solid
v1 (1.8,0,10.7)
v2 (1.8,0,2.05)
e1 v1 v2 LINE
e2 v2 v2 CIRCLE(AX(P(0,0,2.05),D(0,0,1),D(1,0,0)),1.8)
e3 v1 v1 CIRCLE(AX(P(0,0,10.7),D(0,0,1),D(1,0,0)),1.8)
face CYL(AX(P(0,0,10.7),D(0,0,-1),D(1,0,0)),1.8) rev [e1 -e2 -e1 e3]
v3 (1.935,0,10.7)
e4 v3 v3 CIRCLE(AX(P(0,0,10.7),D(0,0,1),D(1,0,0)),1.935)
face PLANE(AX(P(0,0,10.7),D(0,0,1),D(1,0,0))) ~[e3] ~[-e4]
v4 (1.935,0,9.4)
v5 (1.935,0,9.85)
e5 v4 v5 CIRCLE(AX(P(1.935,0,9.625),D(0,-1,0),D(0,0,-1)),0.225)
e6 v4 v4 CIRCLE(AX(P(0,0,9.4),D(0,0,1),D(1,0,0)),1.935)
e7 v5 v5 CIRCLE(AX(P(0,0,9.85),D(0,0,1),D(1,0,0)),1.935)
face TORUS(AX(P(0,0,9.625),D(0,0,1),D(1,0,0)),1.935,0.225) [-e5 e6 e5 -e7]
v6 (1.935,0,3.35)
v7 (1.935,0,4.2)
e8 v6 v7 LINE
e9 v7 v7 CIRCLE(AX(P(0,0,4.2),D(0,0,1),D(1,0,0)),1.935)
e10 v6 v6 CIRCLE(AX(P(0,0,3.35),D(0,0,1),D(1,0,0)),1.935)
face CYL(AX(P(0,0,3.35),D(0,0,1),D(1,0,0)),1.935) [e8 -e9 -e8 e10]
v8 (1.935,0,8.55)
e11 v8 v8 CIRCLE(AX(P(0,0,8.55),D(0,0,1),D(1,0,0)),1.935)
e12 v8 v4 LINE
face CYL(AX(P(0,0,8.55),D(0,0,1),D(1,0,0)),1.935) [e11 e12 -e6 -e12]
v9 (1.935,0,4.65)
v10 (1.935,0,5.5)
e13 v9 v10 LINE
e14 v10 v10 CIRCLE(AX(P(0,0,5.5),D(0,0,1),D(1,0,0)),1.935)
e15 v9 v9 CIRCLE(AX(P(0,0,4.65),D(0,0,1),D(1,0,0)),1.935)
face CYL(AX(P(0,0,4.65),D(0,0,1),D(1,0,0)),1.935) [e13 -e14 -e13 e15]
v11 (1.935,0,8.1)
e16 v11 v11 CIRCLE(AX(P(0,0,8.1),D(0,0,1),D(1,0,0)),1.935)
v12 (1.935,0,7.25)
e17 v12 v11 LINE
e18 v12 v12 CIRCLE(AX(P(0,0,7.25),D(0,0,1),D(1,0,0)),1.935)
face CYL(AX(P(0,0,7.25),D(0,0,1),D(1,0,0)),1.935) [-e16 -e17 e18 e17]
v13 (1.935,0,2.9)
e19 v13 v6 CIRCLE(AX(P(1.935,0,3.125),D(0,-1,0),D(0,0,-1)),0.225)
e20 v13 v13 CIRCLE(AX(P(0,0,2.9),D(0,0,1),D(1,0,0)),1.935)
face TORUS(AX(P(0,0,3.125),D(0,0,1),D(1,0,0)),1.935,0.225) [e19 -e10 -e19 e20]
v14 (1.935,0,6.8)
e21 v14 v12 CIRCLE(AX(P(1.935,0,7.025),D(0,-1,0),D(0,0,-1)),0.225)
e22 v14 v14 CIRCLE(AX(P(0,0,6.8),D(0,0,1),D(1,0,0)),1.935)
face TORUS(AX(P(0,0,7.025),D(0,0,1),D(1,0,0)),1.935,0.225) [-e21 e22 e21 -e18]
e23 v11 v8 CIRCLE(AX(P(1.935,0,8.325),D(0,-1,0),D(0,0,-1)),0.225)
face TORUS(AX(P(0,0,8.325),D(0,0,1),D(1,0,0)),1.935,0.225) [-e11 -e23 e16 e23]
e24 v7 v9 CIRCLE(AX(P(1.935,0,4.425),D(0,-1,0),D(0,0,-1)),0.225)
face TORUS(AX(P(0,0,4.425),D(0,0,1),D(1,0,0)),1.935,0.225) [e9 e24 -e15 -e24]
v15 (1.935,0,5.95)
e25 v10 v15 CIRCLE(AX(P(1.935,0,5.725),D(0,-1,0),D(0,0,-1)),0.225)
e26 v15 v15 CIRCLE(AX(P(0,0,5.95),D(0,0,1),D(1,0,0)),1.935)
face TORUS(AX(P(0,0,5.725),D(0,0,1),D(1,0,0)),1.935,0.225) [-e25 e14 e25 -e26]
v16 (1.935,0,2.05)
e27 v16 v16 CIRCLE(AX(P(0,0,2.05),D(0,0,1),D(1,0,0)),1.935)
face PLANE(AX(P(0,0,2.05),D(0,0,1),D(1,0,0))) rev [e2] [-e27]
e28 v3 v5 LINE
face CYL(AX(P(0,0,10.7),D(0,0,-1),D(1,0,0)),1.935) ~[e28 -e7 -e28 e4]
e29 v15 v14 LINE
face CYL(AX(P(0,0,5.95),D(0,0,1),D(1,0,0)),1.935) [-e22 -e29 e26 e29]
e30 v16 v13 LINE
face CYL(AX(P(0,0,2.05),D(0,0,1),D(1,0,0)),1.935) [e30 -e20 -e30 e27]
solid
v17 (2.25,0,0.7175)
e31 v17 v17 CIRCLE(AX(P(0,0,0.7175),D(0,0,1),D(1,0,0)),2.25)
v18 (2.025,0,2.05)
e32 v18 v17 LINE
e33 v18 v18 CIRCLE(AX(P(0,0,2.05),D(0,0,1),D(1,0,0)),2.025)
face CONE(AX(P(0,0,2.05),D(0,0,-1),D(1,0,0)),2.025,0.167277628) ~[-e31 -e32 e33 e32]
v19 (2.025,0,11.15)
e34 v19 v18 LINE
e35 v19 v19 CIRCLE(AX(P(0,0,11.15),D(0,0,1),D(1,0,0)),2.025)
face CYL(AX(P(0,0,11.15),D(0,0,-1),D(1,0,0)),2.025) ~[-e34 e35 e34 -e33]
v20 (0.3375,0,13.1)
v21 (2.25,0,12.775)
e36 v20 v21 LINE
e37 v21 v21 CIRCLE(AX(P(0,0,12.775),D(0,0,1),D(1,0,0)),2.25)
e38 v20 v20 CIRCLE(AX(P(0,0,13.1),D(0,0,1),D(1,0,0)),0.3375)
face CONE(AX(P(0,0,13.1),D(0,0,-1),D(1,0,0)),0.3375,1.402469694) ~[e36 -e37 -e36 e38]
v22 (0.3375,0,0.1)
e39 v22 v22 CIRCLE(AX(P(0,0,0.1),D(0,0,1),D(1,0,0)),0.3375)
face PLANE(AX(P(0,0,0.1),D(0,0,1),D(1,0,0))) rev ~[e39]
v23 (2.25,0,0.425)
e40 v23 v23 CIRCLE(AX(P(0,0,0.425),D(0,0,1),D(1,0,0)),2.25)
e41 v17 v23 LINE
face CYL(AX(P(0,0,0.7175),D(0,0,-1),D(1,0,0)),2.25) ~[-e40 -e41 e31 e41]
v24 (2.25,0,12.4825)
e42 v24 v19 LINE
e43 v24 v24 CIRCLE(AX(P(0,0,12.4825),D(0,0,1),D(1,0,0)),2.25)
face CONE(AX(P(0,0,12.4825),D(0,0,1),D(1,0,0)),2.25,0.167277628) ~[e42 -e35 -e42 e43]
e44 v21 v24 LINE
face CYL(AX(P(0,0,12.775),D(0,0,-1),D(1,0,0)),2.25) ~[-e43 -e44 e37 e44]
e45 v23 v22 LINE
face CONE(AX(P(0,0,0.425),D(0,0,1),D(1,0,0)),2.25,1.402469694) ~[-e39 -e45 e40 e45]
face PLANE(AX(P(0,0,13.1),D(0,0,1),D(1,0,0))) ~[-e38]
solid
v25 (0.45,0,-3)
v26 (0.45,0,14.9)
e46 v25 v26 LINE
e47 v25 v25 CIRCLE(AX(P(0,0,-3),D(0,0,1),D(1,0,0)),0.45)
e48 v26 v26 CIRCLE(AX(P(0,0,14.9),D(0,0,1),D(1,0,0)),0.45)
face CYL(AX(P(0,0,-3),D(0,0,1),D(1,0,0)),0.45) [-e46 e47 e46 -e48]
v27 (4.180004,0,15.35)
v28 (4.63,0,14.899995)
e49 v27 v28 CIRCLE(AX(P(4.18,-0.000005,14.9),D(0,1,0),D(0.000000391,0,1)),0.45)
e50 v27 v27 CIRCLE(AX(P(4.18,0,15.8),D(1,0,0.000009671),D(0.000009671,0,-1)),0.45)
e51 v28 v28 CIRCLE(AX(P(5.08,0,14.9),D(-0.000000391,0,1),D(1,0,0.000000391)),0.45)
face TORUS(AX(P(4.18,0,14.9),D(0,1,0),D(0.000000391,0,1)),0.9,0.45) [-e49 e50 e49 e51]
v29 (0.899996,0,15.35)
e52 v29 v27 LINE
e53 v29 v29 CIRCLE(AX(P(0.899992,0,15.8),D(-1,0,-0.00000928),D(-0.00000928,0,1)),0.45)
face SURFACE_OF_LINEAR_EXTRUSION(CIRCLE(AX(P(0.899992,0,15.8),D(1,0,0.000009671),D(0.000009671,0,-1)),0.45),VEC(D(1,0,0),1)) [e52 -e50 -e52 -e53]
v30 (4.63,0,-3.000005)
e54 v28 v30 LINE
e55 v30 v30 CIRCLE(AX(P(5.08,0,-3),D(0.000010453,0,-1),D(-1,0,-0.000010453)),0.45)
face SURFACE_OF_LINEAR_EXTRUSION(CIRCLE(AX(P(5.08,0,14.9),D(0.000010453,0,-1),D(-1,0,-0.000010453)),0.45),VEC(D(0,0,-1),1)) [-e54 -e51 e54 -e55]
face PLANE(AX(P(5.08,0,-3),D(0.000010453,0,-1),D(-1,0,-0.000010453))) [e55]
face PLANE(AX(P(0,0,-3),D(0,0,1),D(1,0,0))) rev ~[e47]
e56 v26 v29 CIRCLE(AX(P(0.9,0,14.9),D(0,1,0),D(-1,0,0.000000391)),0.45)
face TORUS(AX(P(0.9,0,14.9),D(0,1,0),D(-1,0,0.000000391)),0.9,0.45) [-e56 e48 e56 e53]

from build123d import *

# Parameters (mm, degrees)
SKETCH_R = 0.45


with BuildPart() as sweep_body:
    # Sweep: sweep along a path in Sketch001
    with BuildLine(Plane.XZ) as sweep_path:
        Line((0, -3), (0, 14.9))
        ThreePointArc((0, 14.9), (0.263601, 15.536393), (0.899992, 15.8))
        Line((0.899992, 15.8), (4.18, 15.8))
        ThreePointArc((4.18, 15.8), (4.816396, 15.536396), (5.08, 14.9))
        Line((5.08, 14.9), (5.08, -3))
    # Sketch → Sweep (sweep)
    with BuildSketch(Plane.XY.offset(-2)):
        Circle(SKETCH_R)
    sweep(path=sweep_path.line)


with BuildPart() as revolution:
    # Sketch002 → Revolution (revolve)
    with BuildSketch(Plane.XZ):
        Polygon((0, 0.1), (0, 13.1), (0.3375, 13.1), (2.25, 12.775), (2.25, 12.4825), (2.025, 11.15), (2.025, 2.05), (2.25, 0.7175), (2.25, 0.425), (0.3375, 0.1), align=None)
    revolve(axis=Axis((0, 0, 0), (0, 0, 1)))


with BuildPart() as revolution001:
    # Sketch003 → Revolution001 (revolve)
    with BuildSketch(Plane.XZ):
        with BuildLine():
            Line((1.8, 10.7), (1.8, 2.05))
            Line((1.8, 2.05), (1.935, 2.05))
            Line((1.935, 2.05), (1.935, 2.9))
            ThreePointArc((1.935, 2.9), (2.16, 3.125), (1.935, 3.35))
            Line((1.935, 3.35), (1.935, 4.2))
            ThreePointArc((1.935, 4.2), (2.16, 4.425), (1.935, 4.65))
            Line((1.935, 4.65), (1.935, 5.5))
            ThreePointArc((1.935, 5.5), (2.16, 5.725), (1.935, 5.95))
            Line((1.935, 5.95), (1.935, 6.8))
            ThreePointArc((1.935, 6.8), (2.16, 7.025), (1.935, 7.25))
            Line((1.935, 7.25), (1.935, 8.1))
            ThreePointArc((1.935, 8.1), (2.16, 8.325), (1.935, 8.55))
            Line((1.935, 8.55), (1.935, 9.4))
            ThreePointArc((1.935, 9.4), (2.16, 9.625), (1.935, 9.85))
            Line((1.935, 10.7), (1.935, 9.85))
            Line((1.8, 10.7), (1.935, 10.7))
        make_face()
    revolve(axis=Axis((0, 0, 0), (0, 0, 1)))


solid = Compound([sweep_body.part, revolution.part, revolution001.part])
